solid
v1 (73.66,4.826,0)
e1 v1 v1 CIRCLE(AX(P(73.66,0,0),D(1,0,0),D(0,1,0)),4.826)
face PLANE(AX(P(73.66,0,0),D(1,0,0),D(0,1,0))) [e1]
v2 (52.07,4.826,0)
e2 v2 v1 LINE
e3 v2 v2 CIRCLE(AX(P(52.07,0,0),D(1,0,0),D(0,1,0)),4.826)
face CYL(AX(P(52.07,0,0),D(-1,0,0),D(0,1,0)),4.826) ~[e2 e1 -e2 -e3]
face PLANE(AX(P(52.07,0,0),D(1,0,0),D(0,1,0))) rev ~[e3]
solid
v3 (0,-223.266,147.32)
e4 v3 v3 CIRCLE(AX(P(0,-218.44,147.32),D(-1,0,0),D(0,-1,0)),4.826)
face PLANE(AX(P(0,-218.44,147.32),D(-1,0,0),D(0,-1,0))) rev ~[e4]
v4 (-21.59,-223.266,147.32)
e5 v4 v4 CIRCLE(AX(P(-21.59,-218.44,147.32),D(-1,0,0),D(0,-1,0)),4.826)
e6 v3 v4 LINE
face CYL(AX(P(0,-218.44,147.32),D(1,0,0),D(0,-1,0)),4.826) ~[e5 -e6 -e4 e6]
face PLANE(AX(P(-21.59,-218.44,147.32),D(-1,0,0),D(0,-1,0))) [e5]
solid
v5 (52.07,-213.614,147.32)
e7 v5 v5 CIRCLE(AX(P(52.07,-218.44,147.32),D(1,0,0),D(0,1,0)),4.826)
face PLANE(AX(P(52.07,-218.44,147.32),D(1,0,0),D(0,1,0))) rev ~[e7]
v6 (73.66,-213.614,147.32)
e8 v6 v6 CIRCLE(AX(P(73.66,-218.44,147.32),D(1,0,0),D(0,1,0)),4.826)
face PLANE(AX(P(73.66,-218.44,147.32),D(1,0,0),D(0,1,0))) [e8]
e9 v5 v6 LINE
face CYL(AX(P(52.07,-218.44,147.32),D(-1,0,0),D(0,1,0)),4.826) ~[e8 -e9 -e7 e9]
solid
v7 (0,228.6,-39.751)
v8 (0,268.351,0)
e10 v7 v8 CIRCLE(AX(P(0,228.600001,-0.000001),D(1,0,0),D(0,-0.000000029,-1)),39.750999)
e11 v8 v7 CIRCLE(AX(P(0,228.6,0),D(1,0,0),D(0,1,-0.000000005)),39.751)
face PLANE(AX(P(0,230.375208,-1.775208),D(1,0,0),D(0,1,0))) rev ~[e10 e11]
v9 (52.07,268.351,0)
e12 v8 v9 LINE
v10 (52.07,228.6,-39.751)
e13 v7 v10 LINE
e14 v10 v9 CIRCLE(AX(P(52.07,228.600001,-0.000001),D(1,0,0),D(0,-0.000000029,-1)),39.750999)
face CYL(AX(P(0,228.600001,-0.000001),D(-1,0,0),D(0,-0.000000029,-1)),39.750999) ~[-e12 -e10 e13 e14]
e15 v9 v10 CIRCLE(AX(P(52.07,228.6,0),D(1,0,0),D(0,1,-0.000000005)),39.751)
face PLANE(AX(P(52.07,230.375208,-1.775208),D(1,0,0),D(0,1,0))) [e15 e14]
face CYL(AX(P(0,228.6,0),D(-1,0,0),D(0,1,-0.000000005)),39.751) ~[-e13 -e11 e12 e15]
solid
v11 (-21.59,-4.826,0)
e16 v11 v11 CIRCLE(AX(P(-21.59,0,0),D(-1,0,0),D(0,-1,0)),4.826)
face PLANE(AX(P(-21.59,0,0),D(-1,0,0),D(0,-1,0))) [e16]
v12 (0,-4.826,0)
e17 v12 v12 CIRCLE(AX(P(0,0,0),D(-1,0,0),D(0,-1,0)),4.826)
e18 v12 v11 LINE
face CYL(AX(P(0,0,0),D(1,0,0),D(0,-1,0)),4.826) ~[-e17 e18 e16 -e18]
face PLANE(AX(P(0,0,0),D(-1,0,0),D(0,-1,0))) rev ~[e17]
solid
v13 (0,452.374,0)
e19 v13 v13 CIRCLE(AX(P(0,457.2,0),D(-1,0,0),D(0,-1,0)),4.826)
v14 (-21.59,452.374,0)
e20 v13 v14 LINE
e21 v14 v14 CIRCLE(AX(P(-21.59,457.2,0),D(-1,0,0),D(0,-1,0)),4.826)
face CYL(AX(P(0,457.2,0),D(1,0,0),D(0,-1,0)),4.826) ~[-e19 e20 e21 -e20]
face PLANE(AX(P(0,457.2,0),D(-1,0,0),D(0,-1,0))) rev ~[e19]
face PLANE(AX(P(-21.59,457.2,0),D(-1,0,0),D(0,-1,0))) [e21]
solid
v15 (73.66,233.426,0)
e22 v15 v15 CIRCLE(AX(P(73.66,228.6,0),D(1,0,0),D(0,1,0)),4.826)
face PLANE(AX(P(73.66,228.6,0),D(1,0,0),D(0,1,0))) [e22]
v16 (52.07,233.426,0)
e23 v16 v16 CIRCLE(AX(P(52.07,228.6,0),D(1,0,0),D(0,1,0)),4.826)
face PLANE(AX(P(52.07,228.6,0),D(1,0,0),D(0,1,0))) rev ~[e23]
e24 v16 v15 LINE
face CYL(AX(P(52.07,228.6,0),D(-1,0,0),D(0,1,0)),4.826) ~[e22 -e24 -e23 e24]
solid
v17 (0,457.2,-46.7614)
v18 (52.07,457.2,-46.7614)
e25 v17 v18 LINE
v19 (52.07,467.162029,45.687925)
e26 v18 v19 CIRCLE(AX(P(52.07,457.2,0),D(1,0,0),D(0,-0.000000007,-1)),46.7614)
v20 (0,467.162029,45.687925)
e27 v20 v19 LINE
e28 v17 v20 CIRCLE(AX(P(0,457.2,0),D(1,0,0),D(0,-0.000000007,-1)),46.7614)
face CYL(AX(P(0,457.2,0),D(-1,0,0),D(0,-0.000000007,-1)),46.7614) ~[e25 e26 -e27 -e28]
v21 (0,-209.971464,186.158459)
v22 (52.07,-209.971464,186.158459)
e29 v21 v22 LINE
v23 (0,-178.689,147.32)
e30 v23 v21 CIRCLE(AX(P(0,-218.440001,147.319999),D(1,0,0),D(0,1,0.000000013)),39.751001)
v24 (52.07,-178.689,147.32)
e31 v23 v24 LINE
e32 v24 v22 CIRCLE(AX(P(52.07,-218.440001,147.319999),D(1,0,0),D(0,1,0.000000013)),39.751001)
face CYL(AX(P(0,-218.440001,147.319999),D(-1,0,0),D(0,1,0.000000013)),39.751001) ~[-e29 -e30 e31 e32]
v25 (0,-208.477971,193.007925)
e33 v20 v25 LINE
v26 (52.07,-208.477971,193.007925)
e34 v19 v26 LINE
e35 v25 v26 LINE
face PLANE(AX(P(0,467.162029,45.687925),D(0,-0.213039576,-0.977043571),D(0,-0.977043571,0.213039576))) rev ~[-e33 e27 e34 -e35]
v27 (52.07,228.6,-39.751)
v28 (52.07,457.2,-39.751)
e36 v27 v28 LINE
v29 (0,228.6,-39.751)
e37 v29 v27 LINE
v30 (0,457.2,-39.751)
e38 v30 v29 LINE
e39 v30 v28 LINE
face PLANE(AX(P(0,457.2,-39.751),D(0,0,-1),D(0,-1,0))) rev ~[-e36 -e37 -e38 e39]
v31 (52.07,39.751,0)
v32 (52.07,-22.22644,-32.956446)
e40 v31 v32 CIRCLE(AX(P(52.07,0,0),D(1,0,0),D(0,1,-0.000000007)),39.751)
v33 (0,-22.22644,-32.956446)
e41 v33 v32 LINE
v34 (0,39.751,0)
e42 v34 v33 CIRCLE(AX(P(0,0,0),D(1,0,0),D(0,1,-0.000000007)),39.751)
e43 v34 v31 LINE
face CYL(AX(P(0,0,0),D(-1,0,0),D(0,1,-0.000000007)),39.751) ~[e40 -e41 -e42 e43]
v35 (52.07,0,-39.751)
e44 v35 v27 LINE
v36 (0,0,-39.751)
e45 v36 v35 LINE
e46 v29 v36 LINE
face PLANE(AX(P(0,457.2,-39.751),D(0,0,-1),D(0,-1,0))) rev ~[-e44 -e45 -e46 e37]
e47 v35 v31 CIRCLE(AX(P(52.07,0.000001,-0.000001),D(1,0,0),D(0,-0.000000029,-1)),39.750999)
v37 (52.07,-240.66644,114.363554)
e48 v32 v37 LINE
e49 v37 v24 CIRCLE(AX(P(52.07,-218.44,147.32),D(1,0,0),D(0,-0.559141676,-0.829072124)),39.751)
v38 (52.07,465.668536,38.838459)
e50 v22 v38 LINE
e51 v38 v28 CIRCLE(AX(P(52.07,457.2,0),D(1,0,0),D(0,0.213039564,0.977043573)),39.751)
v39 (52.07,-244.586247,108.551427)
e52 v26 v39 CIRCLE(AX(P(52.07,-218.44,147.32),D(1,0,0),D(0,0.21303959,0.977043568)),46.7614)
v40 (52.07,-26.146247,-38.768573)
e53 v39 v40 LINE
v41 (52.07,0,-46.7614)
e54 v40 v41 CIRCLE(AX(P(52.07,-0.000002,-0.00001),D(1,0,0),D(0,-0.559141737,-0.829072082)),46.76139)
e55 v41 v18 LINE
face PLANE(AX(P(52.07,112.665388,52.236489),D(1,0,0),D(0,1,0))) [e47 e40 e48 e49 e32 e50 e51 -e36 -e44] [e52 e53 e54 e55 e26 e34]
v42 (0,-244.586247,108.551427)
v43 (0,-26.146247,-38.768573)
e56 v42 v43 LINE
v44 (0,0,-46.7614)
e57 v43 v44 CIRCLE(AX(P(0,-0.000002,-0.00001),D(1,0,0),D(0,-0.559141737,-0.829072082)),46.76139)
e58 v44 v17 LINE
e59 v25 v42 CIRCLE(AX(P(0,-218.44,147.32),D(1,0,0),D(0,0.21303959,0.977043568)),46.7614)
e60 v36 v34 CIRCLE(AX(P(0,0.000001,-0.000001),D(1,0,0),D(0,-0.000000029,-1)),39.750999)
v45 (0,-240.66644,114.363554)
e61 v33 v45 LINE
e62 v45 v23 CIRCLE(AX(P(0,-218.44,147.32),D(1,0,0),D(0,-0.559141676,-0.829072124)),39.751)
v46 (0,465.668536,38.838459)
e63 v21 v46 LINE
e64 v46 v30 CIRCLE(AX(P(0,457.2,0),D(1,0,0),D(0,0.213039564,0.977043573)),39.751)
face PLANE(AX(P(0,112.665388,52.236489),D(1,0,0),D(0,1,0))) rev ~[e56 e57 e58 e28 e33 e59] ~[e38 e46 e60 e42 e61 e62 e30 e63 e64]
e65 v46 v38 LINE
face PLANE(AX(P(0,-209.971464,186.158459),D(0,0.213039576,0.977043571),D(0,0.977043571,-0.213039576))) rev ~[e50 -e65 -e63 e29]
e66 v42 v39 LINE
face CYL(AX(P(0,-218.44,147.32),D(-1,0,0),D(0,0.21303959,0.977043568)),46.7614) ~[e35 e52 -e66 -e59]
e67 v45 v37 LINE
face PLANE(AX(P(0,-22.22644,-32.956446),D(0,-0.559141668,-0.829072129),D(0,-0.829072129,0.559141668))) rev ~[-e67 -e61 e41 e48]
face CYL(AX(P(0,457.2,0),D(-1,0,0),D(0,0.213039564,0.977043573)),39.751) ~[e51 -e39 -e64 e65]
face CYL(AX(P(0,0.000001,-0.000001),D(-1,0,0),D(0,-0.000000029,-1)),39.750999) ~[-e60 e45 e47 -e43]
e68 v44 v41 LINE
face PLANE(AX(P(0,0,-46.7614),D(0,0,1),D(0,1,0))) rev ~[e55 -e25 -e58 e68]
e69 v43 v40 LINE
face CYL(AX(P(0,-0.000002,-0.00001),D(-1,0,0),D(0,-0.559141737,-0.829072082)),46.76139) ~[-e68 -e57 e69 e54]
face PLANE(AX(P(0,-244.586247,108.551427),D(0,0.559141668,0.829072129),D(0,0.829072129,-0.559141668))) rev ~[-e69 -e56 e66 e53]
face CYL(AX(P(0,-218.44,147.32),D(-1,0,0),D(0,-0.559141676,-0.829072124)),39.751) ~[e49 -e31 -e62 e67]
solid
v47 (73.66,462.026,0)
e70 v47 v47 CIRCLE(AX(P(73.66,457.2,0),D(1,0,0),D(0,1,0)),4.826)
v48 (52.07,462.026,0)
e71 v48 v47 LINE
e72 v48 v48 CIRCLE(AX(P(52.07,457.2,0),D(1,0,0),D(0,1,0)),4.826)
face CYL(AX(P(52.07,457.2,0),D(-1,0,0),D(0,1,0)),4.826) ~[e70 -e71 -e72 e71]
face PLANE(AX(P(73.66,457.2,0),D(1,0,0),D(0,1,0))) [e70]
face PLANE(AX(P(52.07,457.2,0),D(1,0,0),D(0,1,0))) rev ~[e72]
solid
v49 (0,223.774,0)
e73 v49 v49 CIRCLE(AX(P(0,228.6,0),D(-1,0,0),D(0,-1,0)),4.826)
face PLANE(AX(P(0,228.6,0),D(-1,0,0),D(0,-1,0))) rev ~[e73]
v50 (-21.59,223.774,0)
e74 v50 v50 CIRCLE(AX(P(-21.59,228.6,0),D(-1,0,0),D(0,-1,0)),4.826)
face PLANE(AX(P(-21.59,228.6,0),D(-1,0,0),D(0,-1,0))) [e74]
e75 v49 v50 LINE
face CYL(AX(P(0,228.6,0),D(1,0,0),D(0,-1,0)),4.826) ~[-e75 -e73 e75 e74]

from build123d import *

# Parameters (mm, degrees)
F1_DEPTH = 52.07
F2_R     = 4.826
F3_DEPTH = 21.59
F4_R     = 4.826
F5_DEPTH = 21.59


with BuildPart() as f1:
    # F0 (on Right) → F1 (new body)
    with BuildSketch(Plane.YZ):
        with BuildLine():
            ThreePointArc((-26.146247, -38.768573), (-13.670328, -44.718572), (0, -46.7614))
            Line((0, -46.7614), (457.2, -46.7614))
            ThreePointArc((457.2, -46.7614), (503.692257, -5.009849), (467.162029, 45.687925))
            Line((467.162029, 45.687925), (-208.477971, 193.007925))
            ThreePointArc((-208.477971, 193.007925), (-261.436596, 165.702635), (-244.586247, 108.551427))
            Line((-244.586247, 108.551427), (-26.146247, -38.768573))
        make_face()
        with BuildLine():
            ThreePointArc((0, -39.751), (-11.620893, -38.014429), (-22.22644, -32.956446))
            Line((-22.22644, -32.956446), (-240.66644, 114.363554))
            ThreePointArc((-240.66644, 114.363554), (-254.99061, 162.946737), (-209.971464, 186.158459))
            Line((-209.971464, 186.158459), (465.668536, 38.838459))
            ThreePointArc((465.668536, 38.838459), (488.157832, 24.935008), (496.951, 0))
            ThreePointArc((496.951, 0), (485.308202, -28.108202), (457.2, -39.751))
            Line((457.2, -39.751), (228.6, -39.751))
            Line((228.6, -39.751), (0, -39.751))
        make_face(mode=Mode.SUBTRACT)
        with BuildLine():
            ThreePointArc((268.351, 0), (200.491798, 28.108202), (228.6, -39.751))
            ThreePointArc((228.6, -39.751), (256.708202, -28.108202), (268.351, 0))
        make_face()
        with BuildLine():
            ThreePointArc((465.668536, 38.838459), (417.677794, 4.25878), (457.2, -39.751))
            ThreePointArc((457.2, -39.751), (485.308202, -28.108202), (496.951, 0))
            ThreePointArc((496.951, 0), (488.157832, 24.935008), (465.668536, 38.838459))
        make_face()
        with BuildLine():
            ThreePointArc((0, -39.751), (28.108202, -28.108202), (39.751, 0))
            ThreePointArc((39.751, 0), (-18.663049, 35.097473), (-22.22644, -32.956446))
            ThreePointArc((-22.22644, -32.956446), (-11.620893, -38.014429), (0, -39.751))
        make_face()
        with BuildLine():
            ThreePointArc((-209.971464, 186.158459), (-254.99061, 162.946737), (-240.66644, 114.363554))
            ThreePointArc((-240.66644, 114.363554), (-199.776951, 112.222527), (-178.689, 147.32))
            ThreePointArc((-178.689, 147.32), (-187.482168, 172.255008), (-209.971464, 186.158459))
        make_face()
    extrude(amount=F1_DEPTH)


with BuildPart() as f3:
    # F2 (on face) → F3 (new body)
    with BuildSketch(Plane.YZ.offset(52.07)):
        with Locations((-218.44, 147.32)):
            Circle(F2_R)
        Circle(F2_R)
        with Locations((228.6, 0)):
            Circle(F2_R)
        with Locations((457.2, 0)):
            Circle(F2_R)
    extrude(amount=F3_DEPTH)


with BuildPart() as f5:
    # F4 (on face) → F5 (new body)
    with BuildSketch(Plane(origin=(0, 0, 0), x_dir=(0, -1, 0), z_dir=(-1, 0, 0))):
        with Locations((-457.2, 0)):
            Circle(F4_R)
        with Locations((-228.6, 0)):
            Circle(F4_R)
        Circle(F4_R)
        with Locations((218.44, 147.32)):
            Circle(F4_R)
    extrude(amount=F5_DEPTH)


solid = Compound([f1.part, f3.part, f5.part])
